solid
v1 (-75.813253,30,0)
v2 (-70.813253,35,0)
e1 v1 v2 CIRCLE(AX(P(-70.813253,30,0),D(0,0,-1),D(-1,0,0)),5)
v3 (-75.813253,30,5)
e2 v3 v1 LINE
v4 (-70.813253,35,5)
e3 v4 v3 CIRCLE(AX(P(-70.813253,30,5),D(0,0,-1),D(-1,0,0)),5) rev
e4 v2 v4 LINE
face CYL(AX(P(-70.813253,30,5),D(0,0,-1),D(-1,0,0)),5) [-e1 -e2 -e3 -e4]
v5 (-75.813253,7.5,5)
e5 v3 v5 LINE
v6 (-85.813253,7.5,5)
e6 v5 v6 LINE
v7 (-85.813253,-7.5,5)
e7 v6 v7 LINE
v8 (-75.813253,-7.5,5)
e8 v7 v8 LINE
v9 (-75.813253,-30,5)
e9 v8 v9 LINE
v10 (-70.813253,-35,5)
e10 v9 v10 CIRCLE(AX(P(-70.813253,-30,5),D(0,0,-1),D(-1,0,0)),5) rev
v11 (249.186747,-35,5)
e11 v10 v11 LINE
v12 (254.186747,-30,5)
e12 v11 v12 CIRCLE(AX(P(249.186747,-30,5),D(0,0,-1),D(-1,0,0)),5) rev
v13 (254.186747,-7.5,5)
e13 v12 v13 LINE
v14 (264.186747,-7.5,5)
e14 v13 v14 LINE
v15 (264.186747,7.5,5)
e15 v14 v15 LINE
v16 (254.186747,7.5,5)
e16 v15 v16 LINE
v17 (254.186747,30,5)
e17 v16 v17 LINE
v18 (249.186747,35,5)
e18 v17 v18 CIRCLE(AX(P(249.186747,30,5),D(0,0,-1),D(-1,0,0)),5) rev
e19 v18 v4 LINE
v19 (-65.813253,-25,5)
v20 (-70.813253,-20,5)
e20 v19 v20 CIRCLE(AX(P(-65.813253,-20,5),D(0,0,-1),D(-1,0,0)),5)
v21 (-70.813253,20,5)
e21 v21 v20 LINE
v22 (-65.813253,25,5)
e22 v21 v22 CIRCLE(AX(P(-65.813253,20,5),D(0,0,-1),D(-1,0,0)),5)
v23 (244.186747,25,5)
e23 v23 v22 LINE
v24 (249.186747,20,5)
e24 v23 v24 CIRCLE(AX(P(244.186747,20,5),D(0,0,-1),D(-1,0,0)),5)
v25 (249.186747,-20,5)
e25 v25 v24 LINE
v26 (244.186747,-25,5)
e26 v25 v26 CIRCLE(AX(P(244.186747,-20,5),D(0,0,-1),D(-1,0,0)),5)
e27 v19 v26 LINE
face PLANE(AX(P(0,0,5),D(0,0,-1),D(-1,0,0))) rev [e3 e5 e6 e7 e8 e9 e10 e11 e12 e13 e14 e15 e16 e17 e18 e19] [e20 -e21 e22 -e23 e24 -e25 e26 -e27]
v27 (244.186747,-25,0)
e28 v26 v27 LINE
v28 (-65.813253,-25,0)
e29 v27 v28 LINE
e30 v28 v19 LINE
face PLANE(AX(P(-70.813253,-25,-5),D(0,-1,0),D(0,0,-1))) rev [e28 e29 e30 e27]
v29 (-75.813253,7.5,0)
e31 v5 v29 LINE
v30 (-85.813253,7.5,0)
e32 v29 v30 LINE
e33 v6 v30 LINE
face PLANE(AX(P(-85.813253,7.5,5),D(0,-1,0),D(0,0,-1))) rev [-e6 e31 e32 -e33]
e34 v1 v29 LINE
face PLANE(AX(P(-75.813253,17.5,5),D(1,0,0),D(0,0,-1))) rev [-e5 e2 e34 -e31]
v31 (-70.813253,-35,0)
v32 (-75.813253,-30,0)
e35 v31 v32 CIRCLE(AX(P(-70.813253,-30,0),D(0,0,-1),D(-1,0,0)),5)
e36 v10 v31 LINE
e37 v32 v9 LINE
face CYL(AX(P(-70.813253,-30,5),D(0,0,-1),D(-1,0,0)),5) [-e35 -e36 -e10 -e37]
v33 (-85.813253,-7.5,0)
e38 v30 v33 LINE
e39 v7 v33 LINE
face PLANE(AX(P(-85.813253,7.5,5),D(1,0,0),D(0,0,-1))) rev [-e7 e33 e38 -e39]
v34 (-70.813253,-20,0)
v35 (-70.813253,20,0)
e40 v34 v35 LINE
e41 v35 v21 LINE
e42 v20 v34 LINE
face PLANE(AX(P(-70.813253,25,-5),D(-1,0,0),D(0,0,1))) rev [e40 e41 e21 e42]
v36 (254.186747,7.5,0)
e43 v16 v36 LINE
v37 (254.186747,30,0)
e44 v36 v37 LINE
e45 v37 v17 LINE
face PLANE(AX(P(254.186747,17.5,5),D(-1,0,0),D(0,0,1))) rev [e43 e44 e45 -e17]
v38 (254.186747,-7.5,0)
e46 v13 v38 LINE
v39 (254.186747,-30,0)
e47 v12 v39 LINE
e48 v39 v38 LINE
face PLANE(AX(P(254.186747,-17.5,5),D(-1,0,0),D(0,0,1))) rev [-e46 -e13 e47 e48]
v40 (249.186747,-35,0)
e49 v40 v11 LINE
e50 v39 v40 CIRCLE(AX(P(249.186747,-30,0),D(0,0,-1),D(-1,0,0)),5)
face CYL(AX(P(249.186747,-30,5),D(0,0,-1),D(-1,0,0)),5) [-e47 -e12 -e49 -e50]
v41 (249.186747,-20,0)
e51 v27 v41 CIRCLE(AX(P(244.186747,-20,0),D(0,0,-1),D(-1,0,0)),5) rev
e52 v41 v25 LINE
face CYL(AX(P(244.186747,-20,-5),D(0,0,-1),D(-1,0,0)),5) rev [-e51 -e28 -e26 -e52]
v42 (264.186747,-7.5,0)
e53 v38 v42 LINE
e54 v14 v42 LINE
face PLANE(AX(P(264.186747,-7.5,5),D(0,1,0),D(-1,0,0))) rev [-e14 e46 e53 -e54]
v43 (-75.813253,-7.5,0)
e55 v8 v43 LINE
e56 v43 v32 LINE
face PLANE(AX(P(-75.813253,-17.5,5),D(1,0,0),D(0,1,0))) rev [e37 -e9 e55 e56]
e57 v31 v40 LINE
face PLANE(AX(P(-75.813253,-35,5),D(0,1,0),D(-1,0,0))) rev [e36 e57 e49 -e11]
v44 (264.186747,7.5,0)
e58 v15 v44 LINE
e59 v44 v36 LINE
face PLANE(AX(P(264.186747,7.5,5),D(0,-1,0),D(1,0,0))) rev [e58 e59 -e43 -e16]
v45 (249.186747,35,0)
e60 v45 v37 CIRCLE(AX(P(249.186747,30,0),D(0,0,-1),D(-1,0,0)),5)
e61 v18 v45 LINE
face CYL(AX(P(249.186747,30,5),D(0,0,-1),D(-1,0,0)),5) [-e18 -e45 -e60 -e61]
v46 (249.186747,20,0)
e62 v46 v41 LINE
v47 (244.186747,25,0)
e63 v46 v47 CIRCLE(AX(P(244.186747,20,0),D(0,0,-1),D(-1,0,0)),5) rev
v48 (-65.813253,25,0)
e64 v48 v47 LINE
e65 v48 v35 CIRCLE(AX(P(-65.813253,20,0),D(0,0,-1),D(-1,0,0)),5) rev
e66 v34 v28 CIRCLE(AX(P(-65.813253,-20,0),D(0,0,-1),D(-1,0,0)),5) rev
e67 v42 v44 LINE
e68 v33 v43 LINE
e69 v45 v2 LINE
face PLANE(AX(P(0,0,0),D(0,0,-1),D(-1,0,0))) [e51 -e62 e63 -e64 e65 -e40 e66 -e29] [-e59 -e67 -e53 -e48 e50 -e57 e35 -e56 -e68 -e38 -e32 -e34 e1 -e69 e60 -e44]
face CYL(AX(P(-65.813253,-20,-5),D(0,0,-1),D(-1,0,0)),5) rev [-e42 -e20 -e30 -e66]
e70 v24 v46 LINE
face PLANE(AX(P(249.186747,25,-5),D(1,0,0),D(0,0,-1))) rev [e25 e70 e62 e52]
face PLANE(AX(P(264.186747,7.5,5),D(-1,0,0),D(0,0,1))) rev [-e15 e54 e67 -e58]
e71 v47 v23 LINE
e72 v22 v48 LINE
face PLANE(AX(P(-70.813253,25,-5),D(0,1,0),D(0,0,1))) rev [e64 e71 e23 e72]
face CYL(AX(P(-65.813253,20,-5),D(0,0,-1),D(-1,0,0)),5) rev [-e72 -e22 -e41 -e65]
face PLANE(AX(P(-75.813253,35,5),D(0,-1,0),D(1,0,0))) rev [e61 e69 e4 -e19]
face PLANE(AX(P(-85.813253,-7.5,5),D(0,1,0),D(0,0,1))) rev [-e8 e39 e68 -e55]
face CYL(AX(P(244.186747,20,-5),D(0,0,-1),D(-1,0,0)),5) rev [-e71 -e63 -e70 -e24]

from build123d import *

# Parameters (mm, degrees)
BOSS_EXTRUDE1_DEPTH     = 5
ESQUISSE1_W             = 320
ESQUISSE1_H             = 50
ENL_V_MAT_EXTRU_1_DEPTH = 10
CONG_1_R                = 5


with BuildPart() as part:
    # Sketch1 → Boss-Extrude1 (new body)
    with BuildSketch(Plane.XY):
        Polygon((-75.813253012, 35), (254.186746988, 35), (254.186746988, 17.5), (254.186746988, 7.5), (264.186746988, 7.5), (264.186746988, -7.5), (254.186746988, -7.5), (254.186746988, -17.5), (254.186746988, -35), (-75.813253012, -35), (-75.813253012, -17.5), (-75.813253012, -7.5), (-85.813253012, -7.5), (-85.813253012, 7.5), (-75.813253012, 7.5), (-75.813253012, 17.5), align=None)
    extrude(amount=BOSS_EXTRUDE1_DEPTH)

    # Esquisse1 → Enlèv. mat.-Extru.1 (cut)
    with BuildSketch(Plane.XY.offset(5)):
        with Locations((89.186746988, 0)):
            Rectangle(ESQUISSE1_W, ESQUISSE1_H)
    extrude(amount=-ENL_V_MAT_EXTRU_1_DEPTH, mode=Mode.SUBTRACT)

    # Congé1
    cong_1_edges = [part.edges().sort_by_distance(p)[0] for p in [
        (-75.813253012, 35, 2.5),
        (254.186746988, 35, 2.5),
        (254.186746988, -35, 2.5),
        (-75.813253012, -35, 2.5),
        (-70.813253012, -25, 2.5),
        (-70.813253012, 25, 2.5),
        (249.186746988, 25, 2.5),
        (249.186746988, -25, 2.5),
    ]]
    fillet(cong_1_edges, radius=CONG_1_R)


solid = part.part
